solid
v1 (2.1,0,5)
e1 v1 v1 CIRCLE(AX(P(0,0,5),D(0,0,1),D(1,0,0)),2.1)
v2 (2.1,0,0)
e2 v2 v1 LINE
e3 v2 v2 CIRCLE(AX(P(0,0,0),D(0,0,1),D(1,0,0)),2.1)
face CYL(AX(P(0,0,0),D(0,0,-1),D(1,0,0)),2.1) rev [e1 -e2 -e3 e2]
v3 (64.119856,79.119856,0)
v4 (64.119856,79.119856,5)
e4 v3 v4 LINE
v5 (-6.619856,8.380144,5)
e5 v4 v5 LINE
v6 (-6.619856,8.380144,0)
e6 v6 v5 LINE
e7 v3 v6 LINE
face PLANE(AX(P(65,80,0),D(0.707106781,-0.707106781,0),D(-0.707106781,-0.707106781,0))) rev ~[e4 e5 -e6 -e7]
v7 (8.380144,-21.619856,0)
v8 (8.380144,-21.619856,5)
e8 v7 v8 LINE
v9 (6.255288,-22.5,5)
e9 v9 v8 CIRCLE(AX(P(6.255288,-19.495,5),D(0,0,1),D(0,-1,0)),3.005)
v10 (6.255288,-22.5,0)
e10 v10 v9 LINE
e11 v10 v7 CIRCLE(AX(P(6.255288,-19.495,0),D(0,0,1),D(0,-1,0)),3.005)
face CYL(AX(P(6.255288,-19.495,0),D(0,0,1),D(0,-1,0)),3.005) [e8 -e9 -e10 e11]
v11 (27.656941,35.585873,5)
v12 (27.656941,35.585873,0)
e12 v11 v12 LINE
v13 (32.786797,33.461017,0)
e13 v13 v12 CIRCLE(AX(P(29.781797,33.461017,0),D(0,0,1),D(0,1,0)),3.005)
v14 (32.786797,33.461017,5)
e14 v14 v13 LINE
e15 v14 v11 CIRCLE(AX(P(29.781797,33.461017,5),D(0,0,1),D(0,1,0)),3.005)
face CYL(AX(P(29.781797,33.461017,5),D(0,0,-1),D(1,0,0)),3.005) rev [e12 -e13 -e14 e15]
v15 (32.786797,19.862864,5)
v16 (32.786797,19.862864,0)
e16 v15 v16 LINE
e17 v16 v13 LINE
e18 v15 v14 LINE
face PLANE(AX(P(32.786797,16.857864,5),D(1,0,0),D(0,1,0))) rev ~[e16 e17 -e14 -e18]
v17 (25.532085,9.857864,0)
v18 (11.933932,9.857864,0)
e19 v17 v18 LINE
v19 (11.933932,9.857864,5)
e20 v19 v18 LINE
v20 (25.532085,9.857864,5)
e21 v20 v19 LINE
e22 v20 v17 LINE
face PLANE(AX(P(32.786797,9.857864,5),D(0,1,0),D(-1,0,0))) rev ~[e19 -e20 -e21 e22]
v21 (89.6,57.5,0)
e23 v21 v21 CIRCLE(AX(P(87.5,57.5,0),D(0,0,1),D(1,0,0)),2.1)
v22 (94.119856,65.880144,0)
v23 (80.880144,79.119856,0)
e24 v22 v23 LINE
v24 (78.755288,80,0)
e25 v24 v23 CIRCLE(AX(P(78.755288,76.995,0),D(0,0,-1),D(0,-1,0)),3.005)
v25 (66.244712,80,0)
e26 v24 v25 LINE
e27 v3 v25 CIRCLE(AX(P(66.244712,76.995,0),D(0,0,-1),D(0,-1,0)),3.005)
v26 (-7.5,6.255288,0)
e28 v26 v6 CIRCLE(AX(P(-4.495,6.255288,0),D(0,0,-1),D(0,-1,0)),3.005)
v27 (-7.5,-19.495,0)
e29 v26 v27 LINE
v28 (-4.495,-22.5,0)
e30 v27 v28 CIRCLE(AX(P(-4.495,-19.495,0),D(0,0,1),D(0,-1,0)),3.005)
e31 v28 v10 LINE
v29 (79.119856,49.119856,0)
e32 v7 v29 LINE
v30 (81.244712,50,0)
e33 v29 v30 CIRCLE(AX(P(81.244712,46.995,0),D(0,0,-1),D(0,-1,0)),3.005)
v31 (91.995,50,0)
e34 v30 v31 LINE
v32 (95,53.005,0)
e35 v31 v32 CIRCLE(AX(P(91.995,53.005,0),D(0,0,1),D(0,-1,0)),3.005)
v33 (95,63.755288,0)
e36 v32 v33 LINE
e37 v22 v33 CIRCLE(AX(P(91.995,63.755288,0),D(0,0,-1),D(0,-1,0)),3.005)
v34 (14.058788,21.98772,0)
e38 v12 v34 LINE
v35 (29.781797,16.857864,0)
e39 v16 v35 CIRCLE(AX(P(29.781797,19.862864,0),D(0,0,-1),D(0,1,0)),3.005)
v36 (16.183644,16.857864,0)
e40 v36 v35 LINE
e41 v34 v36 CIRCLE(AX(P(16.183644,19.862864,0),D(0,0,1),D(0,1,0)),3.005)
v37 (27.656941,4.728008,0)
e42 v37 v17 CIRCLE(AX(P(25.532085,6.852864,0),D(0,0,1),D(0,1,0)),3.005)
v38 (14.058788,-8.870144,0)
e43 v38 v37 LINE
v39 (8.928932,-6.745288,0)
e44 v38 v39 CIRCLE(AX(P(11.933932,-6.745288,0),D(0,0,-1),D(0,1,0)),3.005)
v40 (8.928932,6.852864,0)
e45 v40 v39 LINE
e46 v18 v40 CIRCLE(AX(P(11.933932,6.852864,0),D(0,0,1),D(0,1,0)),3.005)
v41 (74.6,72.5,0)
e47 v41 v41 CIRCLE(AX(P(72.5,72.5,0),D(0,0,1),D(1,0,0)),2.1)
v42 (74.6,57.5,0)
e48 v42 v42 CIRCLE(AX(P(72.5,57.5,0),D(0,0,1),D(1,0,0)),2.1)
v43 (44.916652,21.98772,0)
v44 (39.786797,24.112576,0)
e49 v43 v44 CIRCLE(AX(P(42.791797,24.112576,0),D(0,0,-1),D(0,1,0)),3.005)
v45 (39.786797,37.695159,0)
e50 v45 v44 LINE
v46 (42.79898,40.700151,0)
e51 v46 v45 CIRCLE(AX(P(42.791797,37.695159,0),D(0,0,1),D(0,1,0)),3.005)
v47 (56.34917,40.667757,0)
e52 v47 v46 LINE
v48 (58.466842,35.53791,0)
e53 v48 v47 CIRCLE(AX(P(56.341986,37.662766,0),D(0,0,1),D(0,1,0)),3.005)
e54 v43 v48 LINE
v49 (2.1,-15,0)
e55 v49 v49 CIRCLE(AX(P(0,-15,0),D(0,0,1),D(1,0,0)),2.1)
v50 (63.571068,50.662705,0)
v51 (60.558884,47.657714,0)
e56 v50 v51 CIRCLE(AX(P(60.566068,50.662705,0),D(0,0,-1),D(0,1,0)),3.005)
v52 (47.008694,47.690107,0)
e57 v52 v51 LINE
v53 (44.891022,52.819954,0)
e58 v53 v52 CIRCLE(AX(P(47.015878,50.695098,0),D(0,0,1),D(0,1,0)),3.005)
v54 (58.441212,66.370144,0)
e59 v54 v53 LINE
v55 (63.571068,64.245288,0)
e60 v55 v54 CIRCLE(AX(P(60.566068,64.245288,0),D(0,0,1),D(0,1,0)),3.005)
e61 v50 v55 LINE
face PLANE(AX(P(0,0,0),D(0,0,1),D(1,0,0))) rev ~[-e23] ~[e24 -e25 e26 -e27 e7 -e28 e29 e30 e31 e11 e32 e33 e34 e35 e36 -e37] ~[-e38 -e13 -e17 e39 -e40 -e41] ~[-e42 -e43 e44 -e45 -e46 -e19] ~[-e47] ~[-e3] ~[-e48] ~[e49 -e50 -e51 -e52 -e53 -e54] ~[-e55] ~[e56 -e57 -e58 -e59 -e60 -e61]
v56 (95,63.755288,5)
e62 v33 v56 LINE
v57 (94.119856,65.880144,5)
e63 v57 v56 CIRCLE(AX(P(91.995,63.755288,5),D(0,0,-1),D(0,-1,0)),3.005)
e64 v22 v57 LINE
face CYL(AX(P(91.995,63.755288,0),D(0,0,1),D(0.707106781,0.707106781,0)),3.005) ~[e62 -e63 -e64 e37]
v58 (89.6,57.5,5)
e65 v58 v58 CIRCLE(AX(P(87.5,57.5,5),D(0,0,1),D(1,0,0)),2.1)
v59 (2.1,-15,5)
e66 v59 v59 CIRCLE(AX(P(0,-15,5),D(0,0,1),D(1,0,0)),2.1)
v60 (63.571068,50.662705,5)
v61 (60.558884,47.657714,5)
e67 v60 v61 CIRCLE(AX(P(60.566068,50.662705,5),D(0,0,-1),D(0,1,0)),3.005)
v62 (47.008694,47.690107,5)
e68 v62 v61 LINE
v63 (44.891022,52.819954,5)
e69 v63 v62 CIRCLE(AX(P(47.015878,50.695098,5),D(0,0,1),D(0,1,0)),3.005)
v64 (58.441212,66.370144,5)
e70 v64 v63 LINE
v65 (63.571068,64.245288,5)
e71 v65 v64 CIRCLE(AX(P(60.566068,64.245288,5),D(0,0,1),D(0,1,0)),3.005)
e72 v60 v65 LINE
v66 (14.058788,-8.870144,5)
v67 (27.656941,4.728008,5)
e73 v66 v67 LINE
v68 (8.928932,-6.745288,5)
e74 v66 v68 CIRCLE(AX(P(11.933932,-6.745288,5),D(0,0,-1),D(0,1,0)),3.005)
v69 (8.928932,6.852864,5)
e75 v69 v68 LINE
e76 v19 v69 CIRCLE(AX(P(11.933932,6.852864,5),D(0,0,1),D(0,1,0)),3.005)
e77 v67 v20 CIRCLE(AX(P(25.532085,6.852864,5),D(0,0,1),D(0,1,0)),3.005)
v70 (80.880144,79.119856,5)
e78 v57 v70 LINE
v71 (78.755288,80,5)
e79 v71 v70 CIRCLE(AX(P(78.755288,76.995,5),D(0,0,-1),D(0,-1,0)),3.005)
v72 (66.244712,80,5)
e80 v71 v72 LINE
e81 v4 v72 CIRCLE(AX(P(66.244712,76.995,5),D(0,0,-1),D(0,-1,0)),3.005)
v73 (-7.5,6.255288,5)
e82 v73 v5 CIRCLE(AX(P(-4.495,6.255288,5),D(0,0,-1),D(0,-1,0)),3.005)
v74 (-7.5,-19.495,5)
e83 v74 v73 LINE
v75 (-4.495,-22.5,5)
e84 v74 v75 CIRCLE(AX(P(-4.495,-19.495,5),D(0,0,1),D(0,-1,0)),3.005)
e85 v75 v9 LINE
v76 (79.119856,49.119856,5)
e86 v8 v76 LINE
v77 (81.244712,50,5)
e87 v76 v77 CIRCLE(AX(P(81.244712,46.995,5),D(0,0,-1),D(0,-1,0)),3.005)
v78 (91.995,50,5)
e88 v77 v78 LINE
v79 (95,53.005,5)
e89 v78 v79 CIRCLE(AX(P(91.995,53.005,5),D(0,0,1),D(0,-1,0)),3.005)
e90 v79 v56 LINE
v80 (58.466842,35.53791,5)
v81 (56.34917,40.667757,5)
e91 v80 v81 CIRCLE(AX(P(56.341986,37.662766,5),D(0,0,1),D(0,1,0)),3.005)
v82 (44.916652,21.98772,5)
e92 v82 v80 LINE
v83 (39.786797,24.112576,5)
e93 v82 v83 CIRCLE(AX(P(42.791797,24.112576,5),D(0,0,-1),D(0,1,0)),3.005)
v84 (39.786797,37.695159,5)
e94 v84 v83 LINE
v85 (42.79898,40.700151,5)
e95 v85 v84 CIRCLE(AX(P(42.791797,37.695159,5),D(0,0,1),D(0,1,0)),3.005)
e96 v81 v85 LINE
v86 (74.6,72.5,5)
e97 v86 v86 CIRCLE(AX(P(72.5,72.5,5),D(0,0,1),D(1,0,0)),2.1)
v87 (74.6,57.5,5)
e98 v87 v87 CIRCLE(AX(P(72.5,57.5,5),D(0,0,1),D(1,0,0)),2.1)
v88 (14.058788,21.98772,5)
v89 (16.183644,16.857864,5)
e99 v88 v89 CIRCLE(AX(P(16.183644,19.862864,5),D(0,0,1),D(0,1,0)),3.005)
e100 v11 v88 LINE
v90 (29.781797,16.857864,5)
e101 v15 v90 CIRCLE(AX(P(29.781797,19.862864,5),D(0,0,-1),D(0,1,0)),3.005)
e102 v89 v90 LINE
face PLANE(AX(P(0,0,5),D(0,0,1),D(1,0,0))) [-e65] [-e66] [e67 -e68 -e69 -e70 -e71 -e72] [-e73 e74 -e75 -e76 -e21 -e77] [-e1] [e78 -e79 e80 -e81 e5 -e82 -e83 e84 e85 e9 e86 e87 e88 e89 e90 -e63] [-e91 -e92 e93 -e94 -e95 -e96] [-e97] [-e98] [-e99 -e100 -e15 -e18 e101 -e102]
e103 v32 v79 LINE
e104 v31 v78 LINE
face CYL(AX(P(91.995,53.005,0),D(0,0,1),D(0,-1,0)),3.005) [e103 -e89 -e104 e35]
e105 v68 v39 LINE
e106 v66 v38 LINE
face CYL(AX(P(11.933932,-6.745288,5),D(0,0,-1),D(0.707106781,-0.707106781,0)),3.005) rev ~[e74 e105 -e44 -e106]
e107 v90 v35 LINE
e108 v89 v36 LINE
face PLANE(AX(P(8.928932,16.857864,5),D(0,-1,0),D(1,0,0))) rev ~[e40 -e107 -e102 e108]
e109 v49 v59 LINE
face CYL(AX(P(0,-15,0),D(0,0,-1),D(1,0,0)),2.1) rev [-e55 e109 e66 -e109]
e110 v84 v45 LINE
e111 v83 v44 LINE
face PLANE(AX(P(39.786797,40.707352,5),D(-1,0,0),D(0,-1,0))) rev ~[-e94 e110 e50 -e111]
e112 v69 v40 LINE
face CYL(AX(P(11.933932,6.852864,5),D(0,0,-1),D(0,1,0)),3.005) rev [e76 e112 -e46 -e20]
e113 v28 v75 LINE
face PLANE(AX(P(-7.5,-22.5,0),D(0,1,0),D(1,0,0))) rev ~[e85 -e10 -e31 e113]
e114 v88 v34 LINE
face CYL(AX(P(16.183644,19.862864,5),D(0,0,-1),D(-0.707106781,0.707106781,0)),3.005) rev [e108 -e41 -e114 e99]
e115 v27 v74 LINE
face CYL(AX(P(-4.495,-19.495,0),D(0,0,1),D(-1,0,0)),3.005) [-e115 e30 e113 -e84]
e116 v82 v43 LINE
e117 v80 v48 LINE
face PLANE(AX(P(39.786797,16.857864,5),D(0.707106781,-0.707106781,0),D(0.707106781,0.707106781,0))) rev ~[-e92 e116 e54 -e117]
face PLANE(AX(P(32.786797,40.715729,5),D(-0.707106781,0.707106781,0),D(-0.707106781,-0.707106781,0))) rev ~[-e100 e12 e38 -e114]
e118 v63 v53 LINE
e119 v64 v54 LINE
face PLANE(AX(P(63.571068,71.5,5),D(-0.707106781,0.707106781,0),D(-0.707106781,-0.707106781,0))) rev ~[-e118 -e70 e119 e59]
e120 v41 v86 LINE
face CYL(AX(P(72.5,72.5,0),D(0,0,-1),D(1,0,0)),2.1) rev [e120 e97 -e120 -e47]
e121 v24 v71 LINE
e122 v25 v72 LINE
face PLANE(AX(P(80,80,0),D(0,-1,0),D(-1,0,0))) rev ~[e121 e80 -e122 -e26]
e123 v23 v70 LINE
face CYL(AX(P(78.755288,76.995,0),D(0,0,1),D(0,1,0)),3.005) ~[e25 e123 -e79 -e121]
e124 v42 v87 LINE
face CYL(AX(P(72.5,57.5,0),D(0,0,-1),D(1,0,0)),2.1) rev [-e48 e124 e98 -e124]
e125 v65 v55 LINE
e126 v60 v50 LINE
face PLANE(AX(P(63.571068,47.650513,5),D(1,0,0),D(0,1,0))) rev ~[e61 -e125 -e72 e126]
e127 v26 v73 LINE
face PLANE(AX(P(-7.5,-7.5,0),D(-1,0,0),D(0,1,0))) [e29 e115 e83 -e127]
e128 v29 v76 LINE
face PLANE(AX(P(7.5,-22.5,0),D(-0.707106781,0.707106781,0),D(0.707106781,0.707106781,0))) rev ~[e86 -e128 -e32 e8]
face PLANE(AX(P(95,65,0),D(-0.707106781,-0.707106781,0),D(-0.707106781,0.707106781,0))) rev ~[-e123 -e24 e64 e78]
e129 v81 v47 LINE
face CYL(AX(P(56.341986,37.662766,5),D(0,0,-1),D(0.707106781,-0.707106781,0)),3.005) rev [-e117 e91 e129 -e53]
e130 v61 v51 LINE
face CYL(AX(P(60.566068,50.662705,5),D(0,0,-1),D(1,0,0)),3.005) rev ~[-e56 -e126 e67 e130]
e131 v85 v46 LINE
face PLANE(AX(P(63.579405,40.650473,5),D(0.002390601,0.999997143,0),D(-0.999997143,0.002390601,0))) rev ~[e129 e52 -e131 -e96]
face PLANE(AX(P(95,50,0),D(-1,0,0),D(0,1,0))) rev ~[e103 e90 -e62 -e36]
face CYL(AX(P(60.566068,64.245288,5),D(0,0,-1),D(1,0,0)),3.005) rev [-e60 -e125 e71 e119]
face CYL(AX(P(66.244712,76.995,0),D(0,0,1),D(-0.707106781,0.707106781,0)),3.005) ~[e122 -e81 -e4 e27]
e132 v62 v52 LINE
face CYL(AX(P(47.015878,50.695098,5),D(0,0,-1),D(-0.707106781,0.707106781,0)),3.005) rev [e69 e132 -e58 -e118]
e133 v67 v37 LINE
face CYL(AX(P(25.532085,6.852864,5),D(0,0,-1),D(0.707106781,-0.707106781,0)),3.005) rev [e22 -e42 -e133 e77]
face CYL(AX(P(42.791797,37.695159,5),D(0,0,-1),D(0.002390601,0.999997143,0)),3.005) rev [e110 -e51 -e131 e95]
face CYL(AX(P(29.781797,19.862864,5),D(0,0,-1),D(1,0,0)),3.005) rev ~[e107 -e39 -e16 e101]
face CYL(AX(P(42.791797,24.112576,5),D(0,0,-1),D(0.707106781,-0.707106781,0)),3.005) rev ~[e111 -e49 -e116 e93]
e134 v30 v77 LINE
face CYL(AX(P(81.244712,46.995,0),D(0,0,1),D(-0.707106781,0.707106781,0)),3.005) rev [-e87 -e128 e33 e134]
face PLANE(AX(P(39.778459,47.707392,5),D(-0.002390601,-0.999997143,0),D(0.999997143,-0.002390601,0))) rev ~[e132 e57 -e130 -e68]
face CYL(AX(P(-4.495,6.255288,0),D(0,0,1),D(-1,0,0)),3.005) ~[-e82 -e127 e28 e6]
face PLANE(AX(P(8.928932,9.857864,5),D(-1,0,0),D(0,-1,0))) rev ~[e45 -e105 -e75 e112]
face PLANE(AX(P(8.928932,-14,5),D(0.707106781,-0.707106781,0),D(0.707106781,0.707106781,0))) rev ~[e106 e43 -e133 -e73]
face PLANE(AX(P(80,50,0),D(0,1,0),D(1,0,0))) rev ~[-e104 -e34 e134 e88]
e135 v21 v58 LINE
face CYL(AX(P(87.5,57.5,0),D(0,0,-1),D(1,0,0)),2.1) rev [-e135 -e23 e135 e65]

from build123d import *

# Parameters (mm, degrees)
SKETCH_1_R          = 2.1
SKETCH_1_W          = 15
SKETCH_1_H          = 15
EXTRUDE_1_DEPTH     = 5
CUT_EXTRUDE_1_DEPTH = 125.298028947
FILLET_1_R          = 3.005
FILLET_2_R          = 3.005


with BuildPart() as part:
    # ｽｹｯﾁ1 → ﾎﾞｽ - 押し出し1 (new body)
    # profile 1 of 3: a face of its own
    with BuildSketch(Plane.XY):
        Polygon((7.5, -7.5), (7.5, -22.5), (22.5, -7.5), (80, 50), (95, 50), (95, 65), (80, 80), (65, 80), (-7.5, 7.5), (7.5, 7.5), align=None)
        with Locations((72.5, 57.5)):
            Circle(SKETCH_1_R, mode=Mode.SUBTRACT)
        with Locations((87.5, 57.5)):
            Circle(SKETCH_1_R, mode=Mode.SUBTRACT)
        with Locations((72.5, 72.5)):
            Circle(SKETCH_1_R, mode=Mode.SUBTRACT)
    # profile 2 of 3: a face of its own
    with BuildSketch(Plane.XY):
        with Locations((0, -15)):
            Rectangle(SKETCH_1_W, SKETCH_1_H)
        with Locations((0, -15)):
            Circle(SKETCH_1_R, mode=Mode.SUBTRACT)
    # profile 3 of 3: a face of its own
    with BuildSketch(Plane.XY):
        Rectangle(SKETCH_1_W, SKETCH_1_H)
        Circle(SKETCH_1_R, mode=Mode.SUBTRACT)
    extrude(amount=EXTRUDE_1_DEPTH)

    # ｽｹｯﾁ2 → ｶｯﾄ - 押し出し1 (cut, through all)
    with BuildSketch(Plane.XY.offset(5)):
        Polygon((8.928932188, -14), (32.786796564, 9.857864376), (8.928932188, 9.857864376), align=None)
        Polygon((32.786796564, 16.857864376), (32.786796564, 40.715728753), (8.928932188, 16.857864376), align=None)
        Polygon((39.786796564, 16.857864376), (63.579405008, 40.65047282), (39.786796564, 40.707351623), align=None)
        Polygon((63.571067812, 47.650512753), (63.571067812, 71.5), (39.778459368, 47.707391556), align=None)
    extrude(amount=-CUT_EXTRUDE_1_DEPTH, mode=Mode.SUBTRACT)

    # ﾌｨﾚｯﾄ1
    fillet_1_edges = [part.edges().sort_by_distance(p)[0] for p in [
        (8.928932188, 9.857864376, 2.5),
        (32.786796564, 9.857864376, 2.5),
        (8.928932188, -14, 2.5),
        (32.786796564, 16.857864376, 2.5),
        (8.928932188, 16.857864376, 2.5),
        (32.786796564, 40.715728753, 2.5),
        (39.786796564, 40.707351623, 2.5),
        (63.579405008, 40.65047282, 2.5),
        (39.786796564, 16.857864376, 2.5),
        (63.571067812, 71.5, 2.5),
        (63.571067812, 47.650512753, 2.5),
        (39.778459368, 47.707391556, 2.5),
    ]]
    fillet(fillet_1_edges, radius=FILLET_1_R)

    # ﾌｨﾚｯﾄ2
    fillet_2_edges = [part.edges().sort_by_distance(p)[0] for p in [
        (-7.5, 7.5, 2.5),
        (65, 80, 2.5),
        (80, 80, 2.5),
        (95, 65, 2.5),
        (95, 50, 2.5),
        (80, 50, 2.5),
        (7.5, -22.5, 2.5),
        (-7.5, -22.5, 2.5),
    ]]
    fillet(fillet_2_edges, radius=FILLET_2_R)


solid = part.part
